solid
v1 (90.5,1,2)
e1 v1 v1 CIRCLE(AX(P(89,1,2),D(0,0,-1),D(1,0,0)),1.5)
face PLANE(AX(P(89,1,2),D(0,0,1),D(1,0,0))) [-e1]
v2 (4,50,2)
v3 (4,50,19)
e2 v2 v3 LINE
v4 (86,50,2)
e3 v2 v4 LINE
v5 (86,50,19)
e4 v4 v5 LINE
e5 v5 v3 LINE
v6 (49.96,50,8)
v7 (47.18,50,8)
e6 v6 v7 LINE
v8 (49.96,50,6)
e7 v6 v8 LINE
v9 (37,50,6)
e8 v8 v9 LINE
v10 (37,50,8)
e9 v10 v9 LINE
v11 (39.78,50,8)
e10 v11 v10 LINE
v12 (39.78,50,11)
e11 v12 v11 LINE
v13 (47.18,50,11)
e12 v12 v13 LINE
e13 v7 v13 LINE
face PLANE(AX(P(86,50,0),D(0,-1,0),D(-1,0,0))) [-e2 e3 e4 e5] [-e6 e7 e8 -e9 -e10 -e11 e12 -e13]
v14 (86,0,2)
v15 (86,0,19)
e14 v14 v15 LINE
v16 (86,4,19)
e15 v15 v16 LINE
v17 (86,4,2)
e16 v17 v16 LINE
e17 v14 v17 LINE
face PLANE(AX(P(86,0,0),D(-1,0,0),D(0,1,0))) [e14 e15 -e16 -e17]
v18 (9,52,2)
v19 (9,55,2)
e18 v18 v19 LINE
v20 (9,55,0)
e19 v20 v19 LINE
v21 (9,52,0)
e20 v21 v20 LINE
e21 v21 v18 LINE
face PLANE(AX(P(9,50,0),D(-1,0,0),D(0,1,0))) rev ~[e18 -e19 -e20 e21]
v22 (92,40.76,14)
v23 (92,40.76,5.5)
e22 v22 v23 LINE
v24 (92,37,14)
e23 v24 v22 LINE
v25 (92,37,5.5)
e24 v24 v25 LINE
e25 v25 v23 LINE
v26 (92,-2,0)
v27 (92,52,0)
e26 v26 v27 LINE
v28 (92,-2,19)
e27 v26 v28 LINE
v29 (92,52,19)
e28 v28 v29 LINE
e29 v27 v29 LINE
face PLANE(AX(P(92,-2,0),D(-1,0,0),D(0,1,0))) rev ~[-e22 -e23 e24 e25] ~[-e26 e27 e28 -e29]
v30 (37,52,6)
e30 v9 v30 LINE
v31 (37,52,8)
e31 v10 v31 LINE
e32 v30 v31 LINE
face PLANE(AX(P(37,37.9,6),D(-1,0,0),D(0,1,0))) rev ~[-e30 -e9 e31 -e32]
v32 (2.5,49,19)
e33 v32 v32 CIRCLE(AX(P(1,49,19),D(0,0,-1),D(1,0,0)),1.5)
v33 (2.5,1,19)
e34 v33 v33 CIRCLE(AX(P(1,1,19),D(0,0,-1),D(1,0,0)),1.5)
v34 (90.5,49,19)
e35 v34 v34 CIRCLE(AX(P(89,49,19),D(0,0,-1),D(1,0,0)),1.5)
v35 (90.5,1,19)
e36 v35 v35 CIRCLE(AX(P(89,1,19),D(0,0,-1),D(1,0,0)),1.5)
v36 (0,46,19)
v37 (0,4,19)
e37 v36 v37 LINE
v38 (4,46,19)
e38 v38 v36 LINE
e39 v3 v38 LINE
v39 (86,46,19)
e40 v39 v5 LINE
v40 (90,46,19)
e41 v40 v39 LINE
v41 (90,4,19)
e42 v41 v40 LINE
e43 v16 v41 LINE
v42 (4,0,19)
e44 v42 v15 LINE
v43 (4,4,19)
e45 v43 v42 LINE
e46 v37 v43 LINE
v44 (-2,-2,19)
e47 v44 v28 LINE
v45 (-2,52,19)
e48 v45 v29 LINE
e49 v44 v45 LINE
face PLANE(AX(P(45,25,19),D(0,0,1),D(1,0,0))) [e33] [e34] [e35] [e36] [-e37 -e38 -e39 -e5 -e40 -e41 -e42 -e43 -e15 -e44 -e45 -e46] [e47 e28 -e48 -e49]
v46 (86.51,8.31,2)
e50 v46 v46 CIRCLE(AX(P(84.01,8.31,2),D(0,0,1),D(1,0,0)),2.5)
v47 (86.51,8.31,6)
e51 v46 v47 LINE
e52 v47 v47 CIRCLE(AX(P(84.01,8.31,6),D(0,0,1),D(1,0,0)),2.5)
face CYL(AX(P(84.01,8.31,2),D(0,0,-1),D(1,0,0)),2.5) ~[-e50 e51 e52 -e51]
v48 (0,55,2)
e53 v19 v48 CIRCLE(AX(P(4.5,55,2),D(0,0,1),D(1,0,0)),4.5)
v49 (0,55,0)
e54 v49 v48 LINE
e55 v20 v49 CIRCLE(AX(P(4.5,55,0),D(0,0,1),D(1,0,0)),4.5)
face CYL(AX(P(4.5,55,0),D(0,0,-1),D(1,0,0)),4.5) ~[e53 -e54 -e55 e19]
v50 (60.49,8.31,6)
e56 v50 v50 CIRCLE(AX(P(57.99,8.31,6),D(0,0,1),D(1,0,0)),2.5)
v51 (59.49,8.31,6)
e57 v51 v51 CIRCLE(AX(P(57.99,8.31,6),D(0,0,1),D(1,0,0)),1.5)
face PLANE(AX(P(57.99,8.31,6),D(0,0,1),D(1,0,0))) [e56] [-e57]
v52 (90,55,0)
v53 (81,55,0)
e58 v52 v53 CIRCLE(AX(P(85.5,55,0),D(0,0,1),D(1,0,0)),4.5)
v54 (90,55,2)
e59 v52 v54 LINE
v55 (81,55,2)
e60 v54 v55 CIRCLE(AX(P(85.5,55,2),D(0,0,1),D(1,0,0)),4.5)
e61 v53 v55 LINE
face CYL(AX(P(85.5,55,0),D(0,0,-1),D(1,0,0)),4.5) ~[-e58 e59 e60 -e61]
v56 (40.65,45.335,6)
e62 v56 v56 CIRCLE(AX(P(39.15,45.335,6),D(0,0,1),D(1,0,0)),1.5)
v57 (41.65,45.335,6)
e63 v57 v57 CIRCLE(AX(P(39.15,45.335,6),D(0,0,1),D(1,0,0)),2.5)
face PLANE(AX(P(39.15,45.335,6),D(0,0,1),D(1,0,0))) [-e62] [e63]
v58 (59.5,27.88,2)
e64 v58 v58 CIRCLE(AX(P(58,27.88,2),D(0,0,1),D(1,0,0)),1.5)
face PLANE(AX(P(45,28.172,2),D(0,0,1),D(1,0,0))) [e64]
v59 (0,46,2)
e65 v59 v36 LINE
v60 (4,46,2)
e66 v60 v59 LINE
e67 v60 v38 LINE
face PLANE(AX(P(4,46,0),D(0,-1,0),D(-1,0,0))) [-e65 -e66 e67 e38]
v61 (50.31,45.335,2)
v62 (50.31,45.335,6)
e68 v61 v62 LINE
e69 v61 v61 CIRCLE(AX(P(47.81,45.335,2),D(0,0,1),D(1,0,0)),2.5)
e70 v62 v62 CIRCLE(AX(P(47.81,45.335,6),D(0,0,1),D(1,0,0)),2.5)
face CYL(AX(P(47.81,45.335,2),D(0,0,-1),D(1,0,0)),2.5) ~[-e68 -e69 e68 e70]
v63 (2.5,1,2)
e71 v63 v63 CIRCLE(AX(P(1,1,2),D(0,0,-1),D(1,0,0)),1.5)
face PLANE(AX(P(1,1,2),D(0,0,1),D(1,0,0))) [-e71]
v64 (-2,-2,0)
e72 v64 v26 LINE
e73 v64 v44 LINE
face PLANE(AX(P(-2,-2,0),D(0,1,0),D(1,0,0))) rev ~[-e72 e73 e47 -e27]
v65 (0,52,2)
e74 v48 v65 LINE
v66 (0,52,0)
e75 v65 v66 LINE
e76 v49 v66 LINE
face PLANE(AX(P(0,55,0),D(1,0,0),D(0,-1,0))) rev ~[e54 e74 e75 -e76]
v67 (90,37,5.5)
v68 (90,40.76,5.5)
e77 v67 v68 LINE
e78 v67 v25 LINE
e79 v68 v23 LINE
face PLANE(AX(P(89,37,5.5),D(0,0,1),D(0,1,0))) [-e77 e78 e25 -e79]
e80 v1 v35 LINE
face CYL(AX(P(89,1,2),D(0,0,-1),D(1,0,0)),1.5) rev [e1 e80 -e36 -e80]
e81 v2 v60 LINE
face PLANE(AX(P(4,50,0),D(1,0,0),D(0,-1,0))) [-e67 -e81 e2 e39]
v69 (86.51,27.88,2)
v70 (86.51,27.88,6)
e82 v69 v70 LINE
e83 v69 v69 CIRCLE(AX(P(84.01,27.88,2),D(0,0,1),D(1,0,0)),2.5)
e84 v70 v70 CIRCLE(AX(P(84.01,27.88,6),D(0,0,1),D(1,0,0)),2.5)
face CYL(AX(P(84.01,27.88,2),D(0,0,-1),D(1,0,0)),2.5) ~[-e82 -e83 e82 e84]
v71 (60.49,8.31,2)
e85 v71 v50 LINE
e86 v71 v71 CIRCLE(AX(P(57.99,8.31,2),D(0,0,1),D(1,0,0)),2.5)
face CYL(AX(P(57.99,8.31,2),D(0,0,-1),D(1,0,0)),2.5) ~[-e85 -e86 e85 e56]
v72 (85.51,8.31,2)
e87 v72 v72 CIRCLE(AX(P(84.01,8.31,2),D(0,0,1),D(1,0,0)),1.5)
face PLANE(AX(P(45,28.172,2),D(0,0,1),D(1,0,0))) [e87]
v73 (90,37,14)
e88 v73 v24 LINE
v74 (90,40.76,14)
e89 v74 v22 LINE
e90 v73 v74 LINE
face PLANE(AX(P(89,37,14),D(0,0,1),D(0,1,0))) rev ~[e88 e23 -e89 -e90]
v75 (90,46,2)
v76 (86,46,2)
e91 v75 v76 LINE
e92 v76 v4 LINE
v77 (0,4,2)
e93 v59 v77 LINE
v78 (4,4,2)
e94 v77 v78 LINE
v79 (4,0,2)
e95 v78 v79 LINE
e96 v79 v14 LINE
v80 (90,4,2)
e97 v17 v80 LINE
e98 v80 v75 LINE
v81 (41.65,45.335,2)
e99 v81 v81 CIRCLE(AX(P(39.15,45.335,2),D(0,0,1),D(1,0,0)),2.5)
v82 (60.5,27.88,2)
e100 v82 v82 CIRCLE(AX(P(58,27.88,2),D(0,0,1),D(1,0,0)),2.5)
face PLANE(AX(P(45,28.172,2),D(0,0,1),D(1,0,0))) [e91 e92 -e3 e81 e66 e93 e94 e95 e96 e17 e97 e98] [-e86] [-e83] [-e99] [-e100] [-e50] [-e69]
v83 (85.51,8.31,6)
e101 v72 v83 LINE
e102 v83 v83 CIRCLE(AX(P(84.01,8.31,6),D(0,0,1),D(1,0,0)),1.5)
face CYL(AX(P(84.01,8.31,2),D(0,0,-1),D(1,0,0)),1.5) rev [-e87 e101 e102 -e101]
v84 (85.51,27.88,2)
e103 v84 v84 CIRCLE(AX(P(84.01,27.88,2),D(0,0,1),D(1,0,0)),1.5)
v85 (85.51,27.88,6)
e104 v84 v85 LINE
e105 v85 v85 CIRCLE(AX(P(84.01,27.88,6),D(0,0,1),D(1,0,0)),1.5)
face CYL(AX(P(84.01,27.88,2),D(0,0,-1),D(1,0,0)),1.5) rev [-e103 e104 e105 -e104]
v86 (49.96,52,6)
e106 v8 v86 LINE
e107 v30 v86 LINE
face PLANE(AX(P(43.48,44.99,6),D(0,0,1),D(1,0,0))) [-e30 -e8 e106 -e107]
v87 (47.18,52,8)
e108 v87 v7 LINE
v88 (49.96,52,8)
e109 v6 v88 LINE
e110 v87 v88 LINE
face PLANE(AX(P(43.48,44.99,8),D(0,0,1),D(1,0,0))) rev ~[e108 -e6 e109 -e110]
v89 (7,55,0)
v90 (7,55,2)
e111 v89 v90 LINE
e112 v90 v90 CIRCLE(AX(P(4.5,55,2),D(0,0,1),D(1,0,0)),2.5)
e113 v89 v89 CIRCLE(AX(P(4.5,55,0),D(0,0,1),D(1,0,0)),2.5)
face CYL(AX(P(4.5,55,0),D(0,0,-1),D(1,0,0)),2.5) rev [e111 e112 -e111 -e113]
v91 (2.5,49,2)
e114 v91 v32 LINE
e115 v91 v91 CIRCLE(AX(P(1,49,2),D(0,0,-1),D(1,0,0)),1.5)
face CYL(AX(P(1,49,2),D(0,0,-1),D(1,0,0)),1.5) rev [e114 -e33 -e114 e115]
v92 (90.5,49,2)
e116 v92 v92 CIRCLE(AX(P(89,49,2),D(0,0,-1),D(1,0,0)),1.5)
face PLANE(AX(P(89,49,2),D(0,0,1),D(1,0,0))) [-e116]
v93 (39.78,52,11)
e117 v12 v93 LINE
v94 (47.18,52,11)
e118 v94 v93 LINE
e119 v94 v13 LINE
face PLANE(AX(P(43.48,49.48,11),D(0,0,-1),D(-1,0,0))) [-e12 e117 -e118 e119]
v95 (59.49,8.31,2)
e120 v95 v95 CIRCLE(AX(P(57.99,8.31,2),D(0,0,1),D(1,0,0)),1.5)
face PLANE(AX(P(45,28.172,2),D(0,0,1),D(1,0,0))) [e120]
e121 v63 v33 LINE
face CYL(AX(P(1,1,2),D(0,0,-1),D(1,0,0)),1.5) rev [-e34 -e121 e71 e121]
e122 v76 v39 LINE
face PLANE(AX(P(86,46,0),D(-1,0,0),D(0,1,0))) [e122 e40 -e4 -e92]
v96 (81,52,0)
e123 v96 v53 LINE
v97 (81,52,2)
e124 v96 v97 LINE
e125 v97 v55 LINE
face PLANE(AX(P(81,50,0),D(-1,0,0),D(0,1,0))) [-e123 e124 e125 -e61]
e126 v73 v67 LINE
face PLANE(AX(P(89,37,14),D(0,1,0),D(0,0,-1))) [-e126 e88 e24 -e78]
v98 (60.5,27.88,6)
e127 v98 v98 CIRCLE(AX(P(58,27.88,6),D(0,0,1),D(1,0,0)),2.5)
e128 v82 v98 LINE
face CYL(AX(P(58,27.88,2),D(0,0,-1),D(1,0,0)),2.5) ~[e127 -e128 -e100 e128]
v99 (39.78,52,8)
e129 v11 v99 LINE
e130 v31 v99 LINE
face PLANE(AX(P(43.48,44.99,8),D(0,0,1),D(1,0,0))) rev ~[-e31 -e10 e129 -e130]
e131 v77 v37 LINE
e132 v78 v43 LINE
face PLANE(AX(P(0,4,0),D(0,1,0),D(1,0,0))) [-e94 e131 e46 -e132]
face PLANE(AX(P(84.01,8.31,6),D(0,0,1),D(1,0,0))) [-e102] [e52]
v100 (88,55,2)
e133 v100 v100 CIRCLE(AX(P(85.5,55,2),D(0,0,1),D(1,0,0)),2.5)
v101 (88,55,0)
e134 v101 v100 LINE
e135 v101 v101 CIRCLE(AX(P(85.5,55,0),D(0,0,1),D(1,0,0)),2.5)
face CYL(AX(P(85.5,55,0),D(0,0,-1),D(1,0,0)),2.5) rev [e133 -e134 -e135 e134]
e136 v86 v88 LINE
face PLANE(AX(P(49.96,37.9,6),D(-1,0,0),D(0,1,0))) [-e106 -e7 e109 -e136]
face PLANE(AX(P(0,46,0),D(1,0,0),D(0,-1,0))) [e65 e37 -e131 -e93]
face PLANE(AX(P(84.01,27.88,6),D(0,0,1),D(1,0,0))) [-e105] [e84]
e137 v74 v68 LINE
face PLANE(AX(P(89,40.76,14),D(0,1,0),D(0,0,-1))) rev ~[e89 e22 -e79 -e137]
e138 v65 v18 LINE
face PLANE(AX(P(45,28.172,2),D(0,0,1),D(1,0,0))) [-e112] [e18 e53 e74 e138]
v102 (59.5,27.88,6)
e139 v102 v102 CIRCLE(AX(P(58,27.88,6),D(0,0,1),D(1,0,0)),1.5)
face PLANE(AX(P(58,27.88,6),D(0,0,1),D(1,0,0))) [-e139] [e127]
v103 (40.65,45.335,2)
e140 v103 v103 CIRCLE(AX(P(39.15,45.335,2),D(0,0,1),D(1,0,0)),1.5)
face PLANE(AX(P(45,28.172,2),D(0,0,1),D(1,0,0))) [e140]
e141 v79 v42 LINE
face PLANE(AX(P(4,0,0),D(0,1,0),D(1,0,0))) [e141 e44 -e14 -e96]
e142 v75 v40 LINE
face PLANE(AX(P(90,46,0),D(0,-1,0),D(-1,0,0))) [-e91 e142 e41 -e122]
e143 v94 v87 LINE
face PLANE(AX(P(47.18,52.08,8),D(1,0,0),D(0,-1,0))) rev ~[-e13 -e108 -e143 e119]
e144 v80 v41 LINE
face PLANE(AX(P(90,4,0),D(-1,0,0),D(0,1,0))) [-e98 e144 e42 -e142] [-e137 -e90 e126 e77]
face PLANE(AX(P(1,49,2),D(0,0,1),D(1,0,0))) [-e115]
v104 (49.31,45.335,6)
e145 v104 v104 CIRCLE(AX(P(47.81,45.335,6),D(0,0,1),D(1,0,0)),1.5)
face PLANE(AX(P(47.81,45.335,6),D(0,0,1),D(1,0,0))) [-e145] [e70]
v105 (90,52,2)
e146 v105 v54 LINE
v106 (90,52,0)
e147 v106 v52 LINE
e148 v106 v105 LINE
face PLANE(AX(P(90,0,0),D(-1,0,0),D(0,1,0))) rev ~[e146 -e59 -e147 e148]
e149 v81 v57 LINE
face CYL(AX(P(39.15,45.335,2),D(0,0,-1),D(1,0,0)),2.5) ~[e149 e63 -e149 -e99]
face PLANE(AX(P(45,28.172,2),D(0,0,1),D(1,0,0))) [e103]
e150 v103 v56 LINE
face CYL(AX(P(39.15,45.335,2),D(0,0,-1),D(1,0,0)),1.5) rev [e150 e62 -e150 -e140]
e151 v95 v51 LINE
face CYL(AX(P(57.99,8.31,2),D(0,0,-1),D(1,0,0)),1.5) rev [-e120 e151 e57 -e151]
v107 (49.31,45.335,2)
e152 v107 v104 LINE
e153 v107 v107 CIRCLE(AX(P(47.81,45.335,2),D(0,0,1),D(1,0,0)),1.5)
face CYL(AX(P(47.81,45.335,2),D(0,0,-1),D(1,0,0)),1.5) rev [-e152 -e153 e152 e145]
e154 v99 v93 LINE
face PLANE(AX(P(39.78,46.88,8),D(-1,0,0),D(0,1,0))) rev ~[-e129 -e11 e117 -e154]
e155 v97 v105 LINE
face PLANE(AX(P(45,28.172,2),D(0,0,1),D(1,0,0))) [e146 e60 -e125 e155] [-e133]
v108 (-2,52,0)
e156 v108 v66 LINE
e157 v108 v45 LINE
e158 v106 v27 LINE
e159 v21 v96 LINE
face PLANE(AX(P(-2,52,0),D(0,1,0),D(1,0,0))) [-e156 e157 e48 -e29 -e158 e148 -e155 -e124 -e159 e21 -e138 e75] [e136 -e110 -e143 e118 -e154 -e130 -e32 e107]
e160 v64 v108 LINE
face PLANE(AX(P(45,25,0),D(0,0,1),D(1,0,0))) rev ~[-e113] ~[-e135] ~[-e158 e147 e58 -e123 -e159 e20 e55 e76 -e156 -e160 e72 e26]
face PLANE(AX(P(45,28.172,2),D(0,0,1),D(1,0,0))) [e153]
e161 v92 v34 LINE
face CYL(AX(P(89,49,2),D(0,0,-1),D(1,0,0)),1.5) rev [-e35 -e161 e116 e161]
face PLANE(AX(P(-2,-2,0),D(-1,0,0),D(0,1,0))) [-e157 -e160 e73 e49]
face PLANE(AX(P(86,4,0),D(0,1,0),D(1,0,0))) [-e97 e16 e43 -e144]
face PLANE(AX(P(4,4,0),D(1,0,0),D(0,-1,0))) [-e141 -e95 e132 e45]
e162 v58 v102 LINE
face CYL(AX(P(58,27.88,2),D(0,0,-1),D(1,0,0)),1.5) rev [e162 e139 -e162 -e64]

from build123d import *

# Parameters (mm, degrees)
EXTRUDE045_DEPTH     = 2
SKETCH030_R          = 1.5
EXTRUDE031_DEPTH     = 4
SKETCH031_R          = 2.5
EXTRUDE030_DEPTH     = 4
SKETCH024_R          = 2.5
EXTRUDE024_DEPTH     = 2
SKETCH025_R          = 1.5
EXTRUDE027_DEPTH     = 4
SKETCH026_R          = 2.5
EXTRUDE026_DEPTH     = 4
SKETCH029_R          = 1.5
EXTRUDE029_DEPTH     = 20
EXTRUDE001_DEPTH     = 3
SKETCH_W             = 12.96
SKETCH_H             = 14.18
SKETCH_R             = 0.25
SKETCH_R_2           = 1.65
EXTRUDE_DEPTH        = 2
SKETCH013_W          = 8.5
SKETCH013_H          = 3.76
EXTRUDE013_DEPTH     = 3.54
SKETCH014_W          = 5
SKETCH014_H          = 1.5
EXTRUDE014_DEPTH     = 2.97
SKETCH012_W          = 16.69
SKETCH012_H          = 12.65
EXTRUDE012_DEPTH     = 1.66
LINK_PLACEMENT_ANGLE = 90
SKETCH027_W          = 94
SKETCH027_H          = 54
EXTRUDE025_DEPTH     = 19


with BuildPart() as extrude_controllercable_hole:
    # Sketch044 → Extrude045 (new body)
    with BuildSketch(Plane.XZ):
        with BuildLine():
            Line((-3.5, 7), (3.5, 7))
            Line((3.5, 7), (3.5, 0))
            ThreePointArc((-3.5, 0), (0, -3.5), (3.5, 0))
            Line((-3.5, 0), (-3.5, 7))
        make_face()
    extrude(amount=EXTRUDE045_DEPTH)


with BuildPart() as extrude_controllercable_hole_1:
    # Extrude045 placement: moved
    add(extrude_controllercable_hole.part.moved(Location((24, 52, 23))))


with BuildPart() as extrude_microusbbreakout_holes:
    # Sketch030 → Extrude031 (new body)
    with BuildSketch(Plane.XY):
        with Locations((2.15, 7.435)):
            Circle(SKETCH030_R)
        with Locations((10.81, 7.435)):
            Circle(SKETCH030_R)
    extrude(amount=EXTRUDE031_DEPTH)


with BuildPart() as cut_microusbbreakout_stand:
    # Sketch031 → Extrude030 (new body)
    with BuildSketch(Plane.XY):
        with Locations((2.15, 7.435)):
            Circle(SKETCH031_R)
        with Locations((10.81, 7.435)):
            Circle(SKETCH031_R)
    extrude(amount=EXTRUDE030_DEPTH)

    # Cut004: cut Extrude_MicroUSBBreakout_holes
    add(extrude_microusbbreakout_holes.part, mode=Mode.SUBTRACT)


with BuildPart() as cut_microusbbreakout_stand_1:
    # Cut004 placement: moved
    add(cut_microusbbreakout_stand.part.moved(Location((37, 37.9, 2))))


with BuildPart() as extrude_controllercase_base:
    # Sketch024 → Extrude024 (new body)
    with BuildSketch(Plane.XY):
        with BuildLine():
            Line((0, 0), (90, 0))
            Line((90, 0), (90, 50))
            Line((90, 50), (90, 55))
            ThreePointArc((90, 55), (85.5, 59.5), (81, 55))
            Line((81, 50), (81, 55))
            Line((81, 50), (9, 50))
            Line((9, 50), (9, 55))
            ThreePointArc((9, 55), (4.5, 59.5), (0, 55))
            Line((0, 50), (0, 55))
            Line((0, 50), (0, 0))
        make_face()
        with Locations((85.5, 55)):
            Circle(SKETCH024_R, mode=Mode.SUBTRACT)
        with Locations((4.5, 55)):
            Circle(SKETCH024_R, mode=Mode.SUBTRACT)
    extrude(amount=EXTRUDE024_DEPTH)


with BuildPart() as extrude_mainboardcase_joystick_hole:
    # Sketch025 → Extrude027 (new body)
    with BuildSketch(Plane(origin=(53, 3, 0), x_dir=(1, 0, 0), z_dir=(0, 0, 1))):
        with Locations((-48, 19.88)):
            Circle(SKETCH025_R)
        with Locations((-21.99, 19.88)):
            Circle(SKETCH025_R)
        with Locations((-48.01, 0.31)):
            Circle(SKETCH025_R)
        with Locations((-21.99, 0.31)):
            Circle(SKETCH025_R)
    extrude(amount=EXTRUDE027_DEPTH)


with BuildPart() as fusion_controllercase_base:
    # Sketch026 → Extrude026 (new body)
    with BuildSketch(Plane.XY):
        with Locations((5, 22.88)):
            Circle(SKETCH026_R)
        with Locations((31.01, 22.88)):
            Circle(SKETCH026_R)
        with Locations((31.01, 3.31)):
            Circle(SKETCH026_R)
        with Locations((4.99, 3.31)):
            Circle(SKETCH026_R)
    extrude(amount=EXTRUDE026_DEPTH)

    # Cut001: cut Extrude_MainBoardCase_JoyStick_Hole
    add(extrude_mainboardcase_joystick_hole.part, mode=Mode.SUBTRACT)


with BuildPart() as fusion_controllercase_base_1:
    # Cut001 placement: moved
    add(fusion_controllercase_base.part.moved(Location((53, 5, 2))))

    # Fusion007: union Cut_MicroUSBBreakout_stand, Extrude_ControllerCase_Base
    add(cut_microusbbreakout_stand_1.part)
    add(extrude_controllercase_base.part)


with BuildPart() as extrude_controllercase_wall_toholes:
    # Sketch029 → Extrude029 (new body)
    with BuildSketch(Plane.XY):
        with Locations((1, 49)):
            Circle(SKETCH029_R)
        with Locations((1, 1)):
            Circle(SKETCH029_R)
        with Locations((89, 1)):
            Circle(SKETCH029_R)
        with Locations((89, 49)):
            Circle(SKETCH029_R)
    extrude(amount=EXTRUDE029_DEPTH)


with BuildPart() as extrude_controllercase_wall_toholes_1:
    # Extrude029 placement: moved
    add(extrude_controllercase_wall_toholes.part.moved(Location((0, 0, 2))))


with BuildPart() as extrude_microusbbreakout_parts:
    # Sketch001 → Extrude001 (new body)
    with BuildSketch(Plane.XY):
        Polygon((10.18, 14.18), (10.18, 8.98), (2.78, 8.98), (2.78, 14.18), (6.48, 14.18), align=None)
    extrude(amount=EXTRUDE001_DEPTH)


with BuildPart() as extrude_microusbbreakout_parts_1:
    # Extrude001 placement: moved
    add(extrude_microusbbreakout_parts.part.moved(Location((0, 0, 2))))


with BuildPart() as fusion_microusbbreakout001:
    # Sketch → Extrude (new body)
    with BuildSketch(Plane.XY):
        with Locations((6.48, 7.09)):
            Rectangle(SKETCH_W, SKETCH_H)
        with Locations((1, 1)):
            Circle(SKETCH_R, mode=Mode.SUBTRACT)
        with Locations((3.74, 1)):
            Circle(SKETCH_R, mode=Mode.SUBTRACT)
        with Locations((6.48, 1)):
            Circle(SKETCH_R, mode=Mode.SUBTRACT)
        with Locations((9.22, 1)):
            Circle(SKETCH_R, mode=Mode.SUBTRACT)
        with Locations((11.96, 1)):
            Circle(SKETCH_R, mode=Mode.SUBTRACT)
        with Locations((2.15, 7.435)):
            Circle(SKETCH_R_2, mode=Mode.SUBTRACT)
        with Locations((10.81, 7.435)):
            Circle(SKETCH_R_2, mode=Mode.SUBTRACT)
    extrude(amount=EXTRUDE_DEPTH)

    # Fusion: union Extrude_MicroUSBBreakout_parts
    add(extrude_microusbbreakout_parts_1.part)


with BuildPart() as fusion_microusbbreakout001_1:
    # Fusion placement: moved
    add(fusion_microusbbreakout001.part.moved(Location((-20, 0, 0))))


with BuildPart() as fusion_microusbbreakout001_2:
    # Link002 placement: moved
    add(fusion_microusbbreakout001_1.part.moved(Location((57, 37.9, 6))))


with BuildPart() as extrude_switch_house:
    # Sketch013 → Extrude013 (new body)
    with BuildSketch(Plane.XY):
        with Locations((4.25, 1.88)):
            Rectangle(SKETCH013_W, SKETCH013_H)
    extrude(amount=EXTRUDE013_DEPTH)


with BuildPart() as extrude_switch:
    # Sketch014 → Extrude014 (new body)
    with BuildSketch(Plane.XY):
        with Locations((4.25, 1.88)):
            Rectangle(SKETCH014_W, SKETCH014_H)
    extrude(amount=EXTRUDE014_DEPTH)


with BuildPart() as extrude_switch_1:
    # Extrude014 placement: moved
    add(extrude_switch.part.moved(Location((0, 0, 3.54))))


with BuildPart() as link_switck:
    # Sketch012 → Extrude012 (new body)
    with BuildSketch(Plane(origin=(4, 2, 0), x_dir=(1, 0, 0), z_dir=(0, 0, 1))):
        Rectangle(SKETCH012_W, SKETCH012_H)
    extrude(amount=-EXTRUDE012_DEPTH)

    # Fusion004: union Extrude_Switch_house, Extrude_Switch_
    add(extrude_switch_house.part)
    add(extrude_switch_1.part)


with BuildPart() as link_switck_1:
    # Fusion004 placement: moved
    add(link_switck.part.moved(Location((-150, 0, 0))))


with BuildPart() as link_switck_2:
    # Link placement: moved
    add(link_switck_1.part.moved(Location((89, 37, -136))).rotate(Axis((89, 37, -136), (0, 1, 0)), LINK_PLACEMENT_ANGLE))


with BuildPart() as cut_controllercase_bottom:
    # Sketch027 → Extrude025 (new body)
    with BuildSketch(Plane.XY):
        with Locations((45, 25)):
            Rectangle(SKETCH027_W, SKETCH027_H)
        Polygon((86, 50), (4, 50), (4, 46), (0, 46), (0, 4), (4, 4), (4, 0), (86, 0), (86, 4), (90, 4), (90, 46), (86, 46), align=None, mode=Mode.SUBTRACT)
    extrude(amount=EXTRUDE025_DEPTH)

    # Cut005: cut Link_Switck
    add(link_switck_2.part, mode=Mode.SUBTRACT)

    # Cut006: cut Fusion_MicroUSBBreakout001
    add(fusion_microusbbreakout001_2.part, mode=Mode.SUBTRACT)

    # Cut007: cut Extrude_ControllerCase_Wall_ToHoles
    add(extrude_controllercase_wall_toholes_1.part, mode=Mode.SUBTRACT)

    # Fusion008: union Fusion_ControllerCase_Base
    add(fusion_controllercase_base_1.part)

    # Cut011: cut Extrude_ControllerCable_Hole
    add(extrude_controllercable_hole_1.part, mode=Mode.SUBTRACT)


solid = cut_controllercase_bottom.part
